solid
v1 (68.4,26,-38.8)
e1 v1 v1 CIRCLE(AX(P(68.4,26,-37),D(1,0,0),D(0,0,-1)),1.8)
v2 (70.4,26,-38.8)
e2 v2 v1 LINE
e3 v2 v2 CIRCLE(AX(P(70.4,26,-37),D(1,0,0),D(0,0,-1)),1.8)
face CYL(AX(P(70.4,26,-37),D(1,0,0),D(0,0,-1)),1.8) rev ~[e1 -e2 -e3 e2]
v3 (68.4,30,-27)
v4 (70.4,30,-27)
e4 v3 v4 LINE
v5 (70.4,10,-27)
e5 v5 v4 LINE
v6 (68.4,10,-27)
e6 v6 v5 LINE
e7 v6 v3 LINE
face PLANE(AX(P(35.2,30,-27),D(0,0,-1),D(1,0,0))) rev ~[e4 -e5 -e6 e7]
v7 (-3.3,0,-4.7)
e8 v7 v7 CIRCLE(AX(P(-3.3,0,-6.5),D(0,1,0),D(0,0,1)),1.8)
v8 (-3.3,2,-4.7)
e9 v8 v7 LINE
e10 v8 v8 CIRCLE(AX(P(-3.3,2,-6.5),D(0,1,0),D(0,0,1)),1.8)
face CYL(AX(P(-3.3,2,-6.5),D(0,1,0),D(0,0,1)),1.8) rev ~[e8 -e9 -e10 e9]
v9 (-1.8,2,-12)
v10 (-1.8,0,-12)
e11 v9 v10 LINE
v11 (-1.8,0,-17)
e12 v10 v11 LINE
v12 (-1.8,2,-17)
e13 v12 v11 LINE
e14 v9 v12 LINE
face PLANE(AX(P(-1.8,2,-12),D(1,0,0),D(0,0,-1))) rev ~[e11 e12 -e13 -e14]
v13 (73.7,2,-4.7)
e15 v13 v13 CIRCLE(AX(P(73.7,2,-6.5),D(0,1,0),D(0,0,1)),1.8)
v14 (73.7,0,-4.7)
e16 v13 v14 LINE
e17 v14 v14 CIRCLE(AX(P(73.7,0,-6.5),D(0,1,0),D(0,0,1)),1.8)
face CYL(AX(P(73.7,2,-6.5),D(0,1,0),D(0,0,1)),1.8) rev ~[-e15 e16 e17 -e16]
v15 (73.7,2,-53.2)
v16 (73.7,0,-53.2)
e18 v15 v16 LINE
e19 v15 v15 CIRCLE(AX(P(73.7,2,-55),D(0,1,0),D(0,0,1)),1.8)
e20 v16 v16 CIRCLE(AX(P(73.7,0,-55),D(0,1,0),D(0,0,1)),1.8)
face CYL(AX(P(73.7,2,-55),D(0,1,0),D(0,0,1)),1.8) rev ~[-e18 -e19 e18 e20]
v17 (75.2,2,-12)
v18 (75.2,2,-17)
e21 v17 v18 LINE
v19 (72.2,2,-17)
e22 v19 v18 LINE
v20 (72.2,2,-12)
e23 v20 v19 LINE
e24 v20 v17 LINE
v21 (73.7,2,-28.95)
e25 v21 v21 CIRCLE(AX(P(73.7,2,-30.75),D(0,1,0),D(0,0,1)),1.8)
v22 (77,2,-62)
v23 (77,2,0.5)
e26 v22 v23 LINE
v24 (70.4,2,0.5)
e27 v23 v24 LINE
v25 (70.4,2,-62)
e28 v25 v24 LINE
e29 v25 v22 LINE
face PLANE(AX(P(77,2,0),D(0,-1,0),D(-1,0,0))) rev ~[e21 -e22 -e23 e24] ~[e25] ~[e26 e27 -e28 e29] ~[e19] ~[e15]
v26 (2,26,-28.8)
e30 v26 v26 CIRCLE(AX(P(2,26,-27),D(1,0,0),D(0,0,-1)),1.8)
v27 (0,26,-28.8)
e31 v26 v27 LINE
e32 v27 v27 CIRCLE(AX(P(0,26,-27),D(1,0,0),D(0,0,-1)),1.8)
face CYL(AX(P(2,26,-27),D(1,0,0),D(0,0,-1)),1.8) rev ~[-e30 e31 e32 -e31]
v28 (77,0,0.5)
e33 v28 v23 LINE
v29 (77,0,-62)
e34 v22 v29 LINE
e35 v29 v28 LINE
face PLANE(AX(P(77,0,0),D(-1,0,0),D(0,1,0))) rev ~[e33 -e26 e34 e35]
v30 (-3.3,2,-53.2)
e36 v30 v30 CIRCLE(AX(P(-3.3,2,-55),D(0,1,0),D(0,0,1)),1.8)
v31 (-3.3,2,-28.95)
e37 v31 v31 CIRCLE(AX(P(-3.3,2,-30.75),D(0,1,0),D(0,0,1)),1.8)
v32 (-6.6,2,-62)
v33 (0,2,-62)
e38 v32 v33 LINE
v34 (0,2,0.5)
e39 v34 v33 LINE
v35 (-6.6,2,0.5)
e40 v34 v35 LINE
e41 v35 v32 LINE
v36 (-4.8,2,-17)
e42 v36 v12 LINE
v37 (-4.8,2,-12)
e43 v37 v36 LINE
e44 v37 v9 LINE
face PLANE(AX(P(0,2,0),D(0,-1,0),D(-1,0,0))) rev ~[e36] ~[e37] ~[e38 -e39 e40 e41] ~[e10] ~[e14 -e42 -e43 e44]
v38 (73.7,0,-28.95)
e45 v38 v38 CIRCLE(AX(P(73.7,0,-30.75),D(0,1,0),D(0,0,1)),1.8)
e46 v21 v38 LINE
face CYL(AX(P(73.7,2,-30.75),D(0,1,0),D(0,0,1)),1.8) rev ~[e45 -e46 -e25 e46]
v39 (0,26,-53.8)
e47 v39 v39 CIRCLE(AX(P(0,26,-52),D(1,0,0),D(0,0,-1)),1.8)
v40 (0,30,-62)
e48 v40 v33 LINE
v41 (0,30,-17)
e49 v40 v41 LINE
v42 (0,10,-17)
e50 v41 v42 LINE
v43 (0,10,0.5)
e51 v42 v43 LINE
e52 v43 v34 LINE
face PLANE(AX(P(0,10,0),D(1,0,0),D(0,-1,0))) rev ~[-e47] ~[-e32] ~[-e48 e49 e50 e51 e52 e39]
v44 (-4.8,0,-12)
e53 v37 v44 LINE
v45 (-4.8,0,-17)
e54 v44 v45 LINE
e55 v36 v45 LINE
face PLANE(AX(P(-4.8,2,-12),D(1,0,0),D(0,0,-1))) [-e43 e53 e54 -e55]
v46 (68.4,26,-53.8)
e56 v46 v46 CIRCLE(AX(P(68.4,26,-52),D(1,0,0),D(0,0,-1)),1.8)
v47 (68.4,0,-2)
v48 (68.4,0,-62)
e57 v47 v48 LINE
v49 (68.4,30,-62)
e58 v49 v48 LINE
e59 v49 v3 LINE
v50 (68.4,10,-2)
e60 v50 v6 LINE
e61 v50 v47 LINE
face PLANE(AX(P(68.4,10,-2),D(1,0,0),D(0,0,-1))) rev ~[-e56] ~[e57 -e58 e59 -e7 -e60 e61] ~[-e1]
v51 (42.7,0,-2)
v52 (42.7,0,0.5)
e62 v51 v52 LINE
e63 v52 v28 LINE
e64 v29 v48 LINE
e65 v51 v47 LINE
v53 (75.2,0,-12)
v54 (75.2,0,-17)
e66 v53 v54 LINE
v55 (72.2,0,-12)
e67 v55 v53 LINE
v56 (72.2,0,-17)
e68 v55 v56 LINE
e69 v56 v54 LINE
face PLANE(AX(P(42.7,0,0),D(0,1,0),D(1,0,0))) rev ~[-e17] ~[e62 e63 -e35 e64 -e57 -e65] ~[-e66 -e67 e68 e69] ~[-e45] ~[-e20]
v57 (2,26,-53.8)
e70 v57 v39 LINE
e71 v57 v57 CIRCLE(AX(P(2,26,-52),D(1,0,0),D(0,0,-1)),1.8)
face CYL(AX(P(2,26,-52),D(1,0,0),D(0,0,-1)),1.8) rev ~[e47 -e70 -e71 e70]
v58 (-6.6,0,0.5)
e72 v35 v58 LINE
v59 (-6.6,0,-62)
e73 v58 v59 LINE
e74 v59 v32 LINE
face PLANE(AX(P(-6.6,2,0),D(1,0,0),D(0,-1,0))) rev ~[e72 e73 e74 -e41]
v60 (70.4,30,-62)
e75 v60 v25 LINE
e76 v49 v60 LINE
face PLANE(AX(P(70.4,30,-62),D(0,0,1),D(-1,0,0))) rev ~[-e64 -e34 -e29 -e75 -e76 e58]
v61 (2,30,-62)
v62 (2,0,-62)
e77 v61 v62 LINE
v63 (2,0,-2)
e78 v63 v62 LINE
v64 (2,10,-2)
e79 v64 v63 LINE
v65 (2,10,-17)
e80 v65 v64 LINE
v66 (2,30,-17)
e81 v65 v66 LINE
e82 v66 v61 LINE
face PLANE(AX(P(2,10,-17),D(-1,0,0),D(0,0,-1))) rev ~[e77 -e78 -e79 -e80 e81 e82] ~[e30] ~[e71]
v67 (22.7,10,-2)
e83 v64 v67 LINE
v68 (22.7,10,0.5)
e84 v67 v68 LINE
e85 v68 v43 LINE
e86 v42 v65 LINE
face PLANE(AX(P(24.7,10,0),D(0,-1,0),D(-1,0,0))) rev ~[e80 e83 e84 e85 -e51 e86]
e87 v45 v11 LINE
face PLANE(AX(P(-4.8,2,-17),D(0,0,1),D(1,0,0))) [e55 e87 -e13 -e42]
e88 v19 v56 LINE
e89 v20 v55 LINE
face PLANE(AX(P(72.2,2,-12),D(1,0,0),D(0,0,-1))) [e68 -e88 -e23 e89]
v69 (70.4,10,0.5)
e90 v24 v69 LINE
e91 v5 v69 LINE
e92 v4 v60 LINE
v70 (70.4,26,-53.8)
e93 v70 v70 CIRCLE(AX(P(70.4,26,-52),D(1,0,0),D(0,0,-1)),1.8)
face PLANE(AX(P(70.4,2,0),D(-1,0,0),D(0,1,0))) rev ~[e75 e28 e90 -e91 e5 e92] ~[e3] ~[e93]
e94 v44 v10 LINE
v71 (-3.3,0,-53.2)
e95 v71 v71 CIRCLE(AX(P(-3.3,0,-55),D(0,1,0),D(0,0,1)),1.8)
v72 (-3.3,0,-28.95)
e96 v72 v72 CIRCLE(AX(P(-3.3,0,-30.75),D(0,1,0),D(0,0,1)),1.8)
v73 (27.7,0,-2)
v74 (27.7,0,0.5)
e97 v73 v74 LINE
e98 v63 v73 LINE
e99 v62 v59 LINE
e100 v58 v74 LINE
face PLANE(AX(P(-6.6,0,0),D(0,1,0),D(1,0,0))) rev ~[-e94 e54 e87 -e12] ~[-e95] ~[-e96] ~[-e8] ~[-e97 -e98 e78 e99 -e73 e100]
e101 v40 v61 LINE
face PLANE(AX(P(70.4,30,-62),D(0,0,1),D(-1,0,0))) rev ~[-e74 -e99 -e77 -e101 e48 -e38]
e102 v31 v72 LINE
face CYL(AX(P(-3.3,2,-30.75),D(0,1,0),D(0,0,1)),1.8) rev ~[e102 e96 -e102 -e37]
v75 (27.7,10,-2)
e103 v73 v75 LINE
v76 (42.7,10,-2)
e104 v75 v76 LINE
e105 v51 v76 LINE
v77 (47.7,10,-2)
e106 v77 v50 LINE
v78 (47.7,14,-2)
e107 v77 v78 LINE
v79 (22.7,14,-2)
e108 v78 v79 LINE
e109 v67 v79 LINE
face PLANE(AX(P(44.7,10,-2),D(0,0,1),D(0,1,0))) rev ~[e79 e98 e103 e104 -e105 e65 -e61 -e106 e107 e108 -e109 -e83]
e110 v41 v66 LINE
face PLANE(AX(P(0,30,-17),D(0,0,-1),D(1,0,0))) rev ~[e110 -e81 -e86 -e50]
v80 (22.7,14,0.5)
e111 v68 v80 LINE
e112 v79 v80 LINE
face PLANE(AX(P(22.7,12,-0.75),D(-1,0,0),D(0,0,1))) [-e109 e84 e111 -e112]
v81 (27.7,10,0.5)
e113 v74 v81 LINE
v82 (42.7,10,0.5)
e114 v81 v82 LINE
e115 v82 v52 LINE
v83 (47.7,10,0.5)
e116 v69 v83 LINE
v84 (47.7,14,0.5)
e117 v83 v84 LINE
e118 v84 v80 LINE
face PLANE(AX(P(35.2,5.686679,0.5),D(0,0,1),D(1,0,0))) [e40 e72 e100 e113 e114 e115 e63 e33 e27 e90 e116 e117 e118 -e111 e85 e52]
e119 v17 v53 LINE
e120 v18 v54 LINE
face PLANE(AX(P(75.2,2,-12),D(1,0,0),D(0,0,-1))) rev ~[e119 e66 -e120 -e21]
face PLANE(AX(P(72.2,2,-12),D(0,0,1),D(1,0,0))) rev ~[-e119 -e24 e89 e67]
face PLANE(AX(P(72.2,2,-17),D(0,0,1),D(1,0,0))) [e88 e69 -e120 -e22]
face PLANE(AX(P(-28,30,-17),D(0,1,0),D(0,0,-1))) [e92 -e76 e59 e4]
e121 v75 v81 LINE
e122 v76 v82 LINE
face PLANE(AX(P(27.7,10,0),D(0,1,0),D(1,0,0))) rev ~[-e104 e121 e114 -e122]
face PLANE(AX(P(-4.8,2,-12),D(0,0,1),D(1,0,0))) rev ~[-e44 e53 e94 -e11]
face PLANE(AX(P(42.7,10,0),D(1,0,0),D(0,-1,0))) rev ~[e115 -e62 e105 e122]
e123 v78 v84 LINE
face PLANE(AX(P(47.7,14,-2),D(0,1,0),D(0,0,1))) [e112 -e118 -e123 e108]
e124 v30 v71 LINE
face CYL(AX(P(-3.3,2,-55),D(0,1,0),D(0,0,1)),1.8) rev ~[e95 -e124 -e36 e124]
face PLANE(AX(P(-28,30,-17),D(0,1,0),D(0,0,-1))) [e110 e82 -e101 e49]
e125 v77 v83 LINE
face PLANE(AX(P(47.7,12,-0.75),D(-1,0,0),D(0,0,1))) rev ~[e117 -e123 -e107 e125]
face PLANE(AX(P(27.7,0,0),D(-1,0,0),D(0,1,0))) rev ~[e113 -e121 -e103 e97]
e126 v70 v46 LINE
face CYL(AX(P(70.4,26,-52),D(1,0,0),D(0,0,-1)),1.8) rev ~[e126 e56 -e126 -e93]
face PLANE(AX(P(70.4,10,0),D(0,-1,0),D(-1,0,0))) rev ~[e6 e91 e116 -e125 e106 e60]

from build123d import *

# Parameters (mm, degrees)
SKETCH1_W                 = 70.4
SKETCH1_H                 = 2
BOSS_EXTRUDE2_DEPTH       = 10
SKETCH2_W                 = 2
SKETCH2_H                 = 55
BOSS_EXTRUDE3_DEPTH       = 10
SKETCH3_W                 = 19
SKETCH3_H                 = 3
BOSS_EXTRUDE4_DEPTH       = 2
SKETCH4_W                 = 15
SKETCH4_H                 = 10
CUT_EXTRUDE2_DEPTH        = 2
SKETCH5_W                 = 2
SKETCH5_H                 = 3
BOSS_EXTRUDE5_DEPTH       = 1
SKETCH6_W                 = 2
SKETCH6_H                 = 3
BOSS_EXTRUDE6_DEPTH       = 1
SKETCH7_W                 = 57
SKETCH7_H                 = 2
BOSS_EXTRUDE7_DEPTH       = 6.6
SKETCH8_W                 = 57
SKETCH8_H                 = 2
BOSS_EXTRUDE8_DEPTH       = 6.6
BOSS_EXTRUDE9_DEPTH       = 5
SKETCH12_W                = 2
SKETCH12_H                = 5
SKETCH12_H_2              = 40
SKETCH12_H_3              = 30
BOSS_EXTRUDE10_DEPTH      = 20
BOSS_EXTRUDE11_DEPTH      = 3
SKETCH14_W                = 0.5
SKETCH14_H                = 9
CUT_EXTRUDE3_DEPTH        = 3
SKETCH15_W                = 38.4
SKETCH15_H                = 45
CUT_EXTRUDE4_DEPTH        = 3
BOSS_EXTRUDE12_DEPTH      = 0.5
SKETCH17_R                = 1.8
SKETCH17_W                = 3
SKETCH17_H                = 5
CUT_EXTRUDE6_DEPTH        = 3
CUT_EXTRUDE7_DEPTH        = 116
CUT_EXTRUDE7_DEPTH_BACK   = 44
SKETCH18_W                = 45
SKETCH18_H                = 3
SKETCH19_R                = 1.8
CUT_EXTRUDE8_DEPTH        = 10
SKETCH20_R                = 1.8
CUT_EXTRUDE9_DEPTH        = 10
BOSS_EXTRUDE15_DEPTH      = 2
BOSS_EXTRUDE15_DEPTH_BACK = 23
SKETCH25_W                = 2.5
SKETCH25_H                = 4


with BuildPart() as part:
    # Sketch1 → Boss-Extrude2 (new body)
    with BuildSketch(Plane(origin=(0, 0, 0), x_dir=(1, 0, 0), z_dir=(0, 1, 0))):
        with Locations((35.2, 1)):
            Rectangle(SKETCH1_W, SKETCH1_H)
    extrude(amount=BOSS_EXTRUDE2_DEPTH)

    # Sketch2 → Boss-Extrude3 (add)
    with BuildSketch(Plane(origin=(0, 10, 0), x_dir=(1, 0, 0), z_dir=(0, 1, 0))):
        with Locations((1, 29.5)):
            Rectangle(SKETCH2_W, SKETCH2_H)
        with Locations((69.4, 29.5)):
            Rectangle(SKETCH2_W, SKETCH2_H)
    extrude(amount=-BOSS_EXTRUDE3_DEPTH)

    # Sketch3 → Boss-Extrude4 (add)
    with BuildSketch(Plane.XY):
        with Locations((35.2, 11.5)):
            Rectangle(SKETCH3_W, SKETCH3_H)
    extrude(amount=-BOSS_EXTRUDE4_DEPTH)

    # Sketch4 → Cut-Extrude2 (cut)
    with BuildSketch(Plane.XY):
        with Locations((35.2, 5)):
            Rectangle(SKETCH4_W, SKETCH4_H)
    extrude(amount=-CUT_EXTRUDE2_DEPTH, mode=Mode.SUBTRACT)

    # Sketch5 → Boss-Extrude5 (add)
    with BuildSketch(Plane.ZY.offset(-25.7)):
        with Locations((-1, 11.5)):
            Rectangle(SKETCH5_W, SKETCH5_H)
    extrude(amount=BOSS_EXTRUDE5_DEPTH)

    # Sketch6 → Boss-Extrude6 (add)
    with BuildSketch(Plane(origin=(44.7, 0, 0), x_dir=(0, 0, -1), z_dir=(1, 0, 0))):
        with Locations((1, 11.5)):
            Rectangle(SKETCH6_W, SKETCH6_H)
    extrude(amount=BOSS_EXTRUDE6_DEPTH)

    # Sketch7 → Boss-Extrude7 (add)
    with BuildSketch(Plane.ZY):
        with Locations((-28.5, 1)):
            Rectangle(SKETCH7_W, SKETCH7_H)
    extrude(amount=BOSS_EXTRUDE7_DEPTH)

    # Sketch8 → Boss-Extrude8 (add)
    with BuildSketch(Plane(origin=(70.4, 0, 0), x_dir=(0, 0, -1), z_dir=(1, 0, 0))):
        with Locations((28.5, 1)):
            Rectangle(SKETCH8_W, SKETCH8_H)
    extrude(amount=BOSS_EXTRUDE8_DEPTH)

    # Sketch10 → Boss-Extrude9 (add)
    with BuildSketch(Plane(origin=(0, 0, -57), x_dir=(-1, 0, 0), z_dir=(0, 0, -1))):
        Polygon((-2, 10), (-2, 0), (6.6, 0), (6.6, 2), (0, 2), (0, 10), align=None)
        Polygon((-77, 0), (-68.4, 0), (-68.4, 10), (-70.4, 10), (-70.4, 2), (-77, 2), align=None)
    extrude(amount=BOSS_EXTRUDE9_DEPTH)

    # Sketch12 → Boss-Extrude10 (add)
    with BuildSketch(Plane(origin=(0, 10, 0), x_dir=(1, 0, 0), z_dir=(0, 1, 0))):
        with Locations((1, 59.5)):
            Rectangle(SKETCH12_W, SKETCH12_H)
        with Locations((1, 37)):
            Rectangle(SKETCH12_W, SKETCH12_H_2)
        with Locations((69.4, 42)):
            Rectangle(SKETCH12_W, SKETCH12_H_3)
        with Locations((69.4, 59.5)):
            Rectangle(SKETCH12_W, SKETCH12_H)
    extrude(amount=BOSS_EXTRUDE10_DEPTH)

    # Sketch13 → Boss-Extrude11 (add)
    with BuildSketch(Plane(origin=(0, 30, 0), x_dir=(1, 0, 0), z_dir=(0, 1, 0))):
        Polygon((0, 17), (35.2, 17), (35.2, 27), (70.4, 27), (70.4, 62), (0, 62), align=None)
    extrude(amount=BOSS_EXTRUDE11_DEPTH)

    # Sketch14 → Cut-Extrude3 (cut)
    with BuildSketch(Plane(origin=(0, 33, 0), x_dir=(1, 0, 0), z_dir=(0, 1, 0))):
        with Locations((11.7, 51)):
            Rectangle(SKETCH14_W, SKETCH14_H)
        with Locations((11.7, 38)):
            Rectangle(SKETCH14_W, SKETCH14_H)
        with Locations((11.7, 25.5)):
            Rectangle(SKETCH14_W, SKETCH14_H)
        with Locations((58.2, 51)):
            Rectangle(SKETCH14_W, SKETCH14_H)
        with Locations((58.2, 38)):
            Rectangle(SKETCH14_W, SKETCH14_H)
    extrude(amount=-CUT_EXTRUDE3_DEPTH, mode=Mode.SUBTRACT)

    # Sketch15 → Cut-Extrude4 (cut)
    with BuildSketch(Plane(origin=(0, 33, 0), x_dir=(1, 0, 0), z_dir=(0, 1, 0))):
        with Locations((35.2, 39.5)):
            Rectangle(SKETCH15_W, SKETCH15_H)
    extrude(amount=-CUT_EXTRUDE4_DEPTH, mode=Mode.SUBTRACT)

    # Sketch16 → Boss-Extrude12 (add)
    with BuildSketch(Plane.XY):
        Polygon((-6.6, 0), (27.7, 0), (27.7, 10), (42.7, 10), (42.7, 0), (77, 0), (77, 2), (70.4, 2), (70.4, 10), (45.7, 10), (45.7, 13), (24.7, 13), (24.7, 10), (0, 10), (0, 2), (-6.6, 2), align=None)
    extrude(amount=BOSS_EXTRUDE12_DEPTH)

    # Sketch17 → Cut-Extrude6 (cut)
    with BuildSketch(Plane(origin=(0, 2, 0), x_dir=(1, 0, 0), z_dir=(0, 1, 0))):
        with Locations(Location((-3.3, 55, 0), (0, 0, 270))):
            Circle(SKETCH17_R)
        with Locations(Location((73.7, 55, 0), (0, 0, 270))):
            Circle(SKETCH17_R)
        with Locations(Location((-3.3, 6.5, 0), (0, 0, 270))):
            Circle(SKETCH17_R)
        with Locations(Location((73.7, 6.5, 0), (0, 0, 270))):
            Circle(SKETCH17_R)
        with Locations(Location((-3.3, 30.75, 0), (0, 0, 270))):
            Circle(SKETCH17_R)
        with Locations(Location((73.7, 30.75, 0), (0, 0, 270))):
            Circle(SKETCH17_R)
        with Locations((-3.3, 14.5)):
            Rectangle(SKETCH17_W, SKETCH17_H)
        with Locations((73.7, 14.5)):
            Rectangle(SKETCH17_W, SKETCH17_H)
    extrude(amount=-CUT_EXTRUDE6_DEPTH, mode=Mode.SUBTRACT)

    # Sketch18 → Cut-Extrude7 (cut, two sides: drawn at the far end of the back side and taken through both)
    with BuildSketch(Plane(origin=(16, 0, 0), x_dir=(0, 0, -1), z_dir=(1, 0, 0)).offset(-CUT_EXTRUDE7_DEPTH_BACK)):
        with Locations((39.5, 31.5)):
            Rectangle(SKETCH18_W, SKETCH18_H)
    extrude(amount=CUT_EXTRUDE7_DEPTH + CUT_EXTRUDE7_DEPTH_BACK, mode=Mode.SUBTRACT)

    # Sketch19 → Cut-Extrude8 (cut)
    with BuildSketch(Plane(origin=(2, 0, 0), x_dir=(0, 0, -1), z_dir=(1, 0, 0))):
        with Locations((52, 26)):
            Circle(SKETCH19_R)
        with Locations((27, 26)):
            Circle(SKETCH19_R)
    extrude(amount=-CUT_EXTRUDE8_DEPTH, mode=Mode.SUBTRACT)

    # Sketch20 → Cut-Extrude9 (cut)
    with BuildSketch(Plane(origin=(70.4, 0, 0), x_dir=(0, 0, -1), z_dir=(1, 0, 0))):
        with Locations((52, 26)):
            Circle(SKETCH20_R)
        with Locations((37, 26)):
            Circle(SKETCH20_R)
    extrude(amount=-CUT_EXTRUDE9_DEPTH, mode=Mode.SUBTRACT)

    # Sketch25 → Boss-Extrude15 (add, two sides: drawn at the far end of the back side and taken through both)
    with BuildSketch(Plane.ZY.offset(-24.7).offset(-BOSS_EXTRUDE15_DEPTH_BACK)):
        with Locations((-0.75, 12)):
            Rectangle(SKETCH25_W, SKETCH25_H)
    extrude(amount=BOSS_EXTRUDE15_DEPTH + BOSS_EXTRUDE15_DEPTH_BACK)


solid = part.part
